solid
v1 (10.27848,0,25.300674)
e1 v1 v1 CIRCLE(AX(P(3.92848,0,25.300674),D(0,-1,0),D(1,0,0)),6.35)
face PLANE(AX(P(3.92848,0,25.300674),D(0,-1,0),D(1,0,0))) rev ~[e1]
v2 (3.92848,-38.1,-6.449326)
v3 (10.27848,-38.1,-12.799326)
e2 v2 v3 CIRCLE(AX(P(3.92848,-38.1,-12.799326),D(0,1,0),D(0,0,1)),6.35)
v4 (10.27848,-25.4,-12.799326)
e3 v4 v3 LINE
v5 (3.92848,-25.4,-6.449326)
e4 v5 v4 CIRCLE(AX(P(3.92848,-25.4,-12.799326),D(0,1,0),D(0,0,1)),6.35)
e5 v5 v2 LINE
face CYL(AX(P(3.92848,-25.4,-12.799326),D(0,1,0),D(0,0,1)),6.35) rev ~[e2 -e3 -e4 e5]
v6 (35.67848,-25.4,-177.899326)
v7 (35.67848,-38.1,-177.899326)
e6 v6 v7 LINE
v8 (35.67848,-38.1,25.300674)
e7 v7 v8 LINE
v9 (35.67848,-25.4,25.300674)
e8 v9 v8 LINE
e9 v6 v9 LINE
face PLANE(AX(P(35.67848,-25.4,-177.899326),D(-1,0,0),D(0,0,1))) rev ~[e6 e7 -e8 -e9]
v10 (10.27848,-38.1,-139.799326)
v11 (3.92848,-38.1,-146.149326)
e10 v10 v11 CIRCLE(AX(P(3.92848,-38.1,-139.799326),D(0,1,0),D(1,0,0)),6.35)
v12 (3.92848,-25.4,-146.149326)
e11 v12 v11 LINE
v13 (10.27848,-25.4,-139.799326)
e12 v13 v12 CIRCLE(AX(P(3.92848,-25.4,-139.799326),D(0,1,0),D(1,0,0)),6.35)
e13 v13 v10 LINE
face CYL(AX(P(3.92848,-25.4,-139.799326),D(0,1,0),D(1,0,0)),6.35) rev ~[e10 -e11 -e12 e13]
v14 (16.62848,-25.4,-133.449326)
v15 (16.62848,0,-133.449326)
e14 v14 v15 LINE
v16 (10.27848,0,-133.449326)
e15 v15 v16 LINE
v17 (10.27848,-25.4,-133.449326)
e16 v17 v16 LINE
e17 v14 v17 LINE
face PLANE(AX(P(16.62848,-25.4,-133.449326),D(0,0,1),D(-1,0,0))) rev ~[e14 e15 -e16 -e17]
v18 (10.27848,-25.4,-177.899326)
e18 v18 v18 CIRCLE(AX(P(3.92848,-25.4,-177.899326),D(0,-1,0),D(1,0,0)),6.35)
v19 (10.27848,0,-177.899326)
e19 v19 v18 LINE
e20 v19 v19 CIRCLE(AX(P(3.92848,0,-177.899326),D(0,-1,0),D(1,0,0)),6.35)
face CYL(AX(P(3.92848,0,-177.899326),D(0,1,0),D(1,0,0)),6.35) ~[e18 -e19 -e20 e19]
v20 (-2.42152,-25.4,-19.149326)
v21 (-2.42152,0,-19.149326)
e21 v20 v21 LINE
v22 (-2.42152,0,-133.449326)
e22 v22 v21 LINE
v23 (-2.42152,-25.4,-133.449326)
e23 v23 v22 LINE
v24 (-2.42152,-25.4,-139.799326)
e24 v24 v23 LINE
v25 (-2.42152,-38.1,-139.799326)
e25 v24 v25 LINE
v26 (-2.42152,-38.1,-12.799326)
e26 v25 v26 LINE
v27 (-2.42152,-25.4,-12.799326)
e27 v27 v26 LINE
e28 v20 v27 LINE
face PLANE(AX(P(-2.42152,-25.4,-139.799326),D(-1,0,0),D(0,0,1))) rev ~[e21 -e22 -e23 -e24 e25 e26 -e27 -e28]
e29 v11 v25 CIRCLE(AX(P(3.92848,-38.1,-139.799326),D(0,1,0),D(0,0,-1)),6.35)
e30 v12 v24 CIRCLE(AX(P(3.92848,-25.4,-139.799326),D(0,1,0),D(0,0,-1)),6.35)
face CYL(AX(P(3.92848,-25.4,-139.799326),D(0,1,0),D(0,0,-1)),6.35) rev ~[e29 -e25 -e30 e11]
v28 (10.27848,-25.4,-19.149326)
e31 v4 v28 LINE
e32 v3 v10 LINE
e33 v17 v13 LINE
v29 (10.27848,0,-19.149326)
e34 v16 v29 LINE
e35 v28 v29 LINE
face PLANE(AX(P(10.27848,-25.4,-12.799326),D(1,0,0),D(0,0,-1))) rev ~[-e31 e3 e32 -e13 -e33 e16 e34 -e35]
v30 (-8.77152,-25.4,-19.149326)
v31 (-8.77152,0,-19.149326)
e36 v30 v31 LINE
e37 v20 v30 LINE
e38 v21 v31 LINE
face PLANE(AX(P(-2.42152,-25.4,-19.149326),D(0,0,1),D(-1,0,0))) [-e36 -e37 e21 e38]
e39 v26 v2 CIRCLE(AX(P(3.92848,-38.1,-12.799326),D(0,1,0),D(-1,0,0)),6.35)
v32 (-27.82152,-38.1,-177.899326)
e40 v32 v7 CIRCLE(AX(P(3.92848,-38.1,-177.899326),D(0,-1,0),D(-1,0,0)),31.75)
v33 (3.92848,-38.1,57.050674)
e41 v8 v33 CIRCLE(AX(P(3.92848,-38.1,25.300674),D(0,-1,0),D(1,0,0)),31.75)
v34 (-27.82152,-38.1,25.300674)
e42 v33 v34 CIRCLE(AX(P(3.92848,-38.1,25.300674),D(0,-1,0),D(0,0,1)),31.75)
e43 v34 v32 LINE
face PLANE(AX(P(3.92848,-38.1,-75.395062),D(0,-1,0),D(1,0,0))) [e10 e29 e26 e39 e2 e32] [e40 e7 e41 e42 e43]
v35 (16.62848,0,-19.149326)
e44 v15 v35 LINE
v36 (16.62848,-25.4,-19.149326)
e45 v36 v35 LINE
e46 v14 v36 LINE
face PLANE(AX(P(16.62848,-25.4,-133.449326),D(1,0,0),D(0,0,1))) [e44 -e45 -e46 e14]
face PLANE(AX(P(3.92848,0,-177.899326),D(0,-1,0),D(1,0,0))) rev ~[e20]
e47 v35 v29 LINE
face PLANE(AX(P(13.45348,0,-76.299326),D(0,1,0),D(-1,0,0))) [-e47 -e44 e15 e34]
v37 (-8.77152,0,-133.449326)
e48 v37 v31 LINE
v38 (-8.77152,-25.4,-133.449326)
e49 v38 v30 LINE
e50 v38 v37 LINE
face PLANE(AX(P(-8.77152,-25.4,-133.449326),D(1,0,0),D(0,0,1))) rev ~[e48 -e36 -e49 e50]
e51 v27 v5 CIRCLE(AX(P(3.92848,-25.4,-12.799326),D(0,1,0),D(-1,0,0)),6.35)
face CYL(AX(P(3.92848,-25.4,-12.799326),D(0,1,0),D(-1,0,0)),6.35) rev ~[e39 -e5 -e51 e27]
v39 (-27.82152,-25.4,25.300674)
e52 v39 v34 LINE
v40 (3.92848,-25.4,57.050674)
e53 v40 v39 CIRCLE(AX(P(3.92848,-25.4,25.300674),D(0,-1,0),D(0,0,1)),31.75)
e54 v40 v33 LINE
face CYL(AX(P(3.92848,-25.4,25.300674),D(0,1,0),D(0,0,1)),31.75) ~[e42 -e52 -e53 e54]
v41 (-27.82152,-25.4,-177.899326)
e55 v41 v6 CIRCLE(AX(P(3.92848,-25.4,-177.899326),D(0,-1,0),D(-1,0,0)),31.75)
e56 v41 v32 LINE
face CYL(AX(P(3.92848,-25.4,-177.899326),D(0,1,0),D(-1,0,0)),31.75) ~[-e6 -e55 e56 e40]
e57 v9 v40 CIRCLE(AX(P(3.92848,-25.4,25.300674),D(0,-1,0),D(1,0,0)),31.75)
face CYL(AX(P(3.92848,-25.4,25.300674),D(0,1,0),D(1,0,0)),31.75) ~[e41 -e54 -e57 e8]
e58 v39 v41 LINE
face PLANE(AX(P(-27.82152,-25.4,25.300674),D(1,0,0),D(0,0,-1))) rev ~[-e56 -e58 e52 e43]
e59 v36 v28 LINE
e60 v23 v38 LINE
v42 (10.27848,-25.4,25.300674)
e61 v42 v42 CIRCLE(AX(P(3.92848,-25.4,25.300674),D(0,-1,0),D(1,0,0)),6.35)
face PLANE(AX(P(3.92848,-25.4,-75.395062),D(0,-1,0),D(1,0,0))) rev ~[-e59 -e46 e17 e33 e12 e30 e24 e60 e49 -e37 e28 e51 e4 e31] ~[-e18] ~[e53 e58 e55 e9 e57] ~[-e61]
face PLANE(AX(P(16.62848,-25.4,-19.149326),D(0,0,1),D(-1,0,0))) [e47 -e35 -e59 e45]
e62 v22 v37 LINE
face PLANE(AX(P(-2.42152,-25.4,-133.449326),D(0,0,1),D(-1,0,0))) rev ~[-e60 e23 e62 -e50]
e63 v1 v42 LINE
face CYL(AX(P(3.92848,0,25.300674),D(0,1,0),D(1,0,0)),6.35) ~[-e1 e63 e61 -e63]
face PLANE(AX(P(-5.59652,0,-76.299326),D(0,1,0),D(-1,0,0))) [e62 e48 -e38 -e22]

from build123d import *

# Parameters (mm, degrees)
F0_R     = 6.35
F1_DEPTH = 25.4
F3_DEPTH = 12.7
F4_W     = 6.35
F4_H     = 114.3
F5_DEPTH = 25.4


with BuildPart() as f1:
    # F0 (on Front) → F1 (new body)
    with BuildSketch(Plane.XZ):
        with Locations((3.9284797385, 25.3006741405)):
            Circle(F0_R)
    extrude(amount=F1_DEPTH)



with BuildPart() as f1b:
    # F0 (on Front) → F1, piece 2 (new body)
    with BuildSketch(Plane.XZ):
        with Locations((3.9284797385, -177.8993258595)):
            Circle(F0_R)
    extrude(amount=F1_DEPTH)


with BuildPart() as f1_1:
    add(f1.part)

    add(f1b.part)  # F3 merges F1b
    # F2 (on face) → F3 (join)
    with BuildSketch(Plane.XZ.offset(25.4)):
        with BuildLine():
            ThreePointArc((3.9284797385, 57.0506741405), (-18.5221605641, 47.7513144431), (-27.8215202615, 25.3006741405))
            Line((-27.8215202615, 25.3006741405), (-27.8215202615, -177.8993258595))
            ThreePointArc((-27.8215202615, -177.8993258595), (-18.5221605641, -200.3499661622), (3.9284797385, -209.6493258595))
            ThreePointArc((3.9284797385, -209.6493258595), (26.3791200412, -200.3499661622), (35.6784797385, -177.8993258595))
            Line((35.6784797385, -177.8993258595), (35.6784797385, 25.3006741405))
            ThreePointArc((35.6784797385, 25.3006741405), (26.3791200412, 47.7513144431), (3.9284797385, 57.0506741405))
        make_face()
        with BuildLine():
            ThreePointArc((3.9284797385, -6.4493258595), (8.4186077991, -8.309197799), (10.2784797385, -12.7993258595))
            Line((10.2784797385, -12.7993258595), (10.2784797385, -139.7993258595))
            ThreePointArc((10.2784797385, -139.7993258595), (8.4186077991, -144.2894539201), (3.9284797385, -146.1493258595))
            ThreePointArc((3.9284797385, -146.1493258595), (-0.561648322, -144.2894539201), (-2.4215202615, -139.7993258595))
            Line((-2.4215202615, -139.7993258595), (-2.4215202615, -12.7993258595))
            ThreePointArc((-2.4215202615, -12.7993258595), (-0.561648322, -8.309197799), (3.9284797385, -6.4493258595))
        make_face(mode=Mode.SUBTRACT)
    extrude(amount=F3_DEPTH)

    # F4 (on face) → F5 (join)
    with BuildSketch(Plane(origin=(0, -25.4, 0), x_dir=(-1, 0, 0), z_dir=(0, 1, 0))):
        with Locations((5.5965202615, -76.2993258595)):
            Rectangle(F4_W, F4_H)
        with Locations((-13.4534797385, -76.2993258595)):
            Rectangle(F4_W, F4_H)
    extrude(amount=F5_DEPTH)


solid = f1_1.part
